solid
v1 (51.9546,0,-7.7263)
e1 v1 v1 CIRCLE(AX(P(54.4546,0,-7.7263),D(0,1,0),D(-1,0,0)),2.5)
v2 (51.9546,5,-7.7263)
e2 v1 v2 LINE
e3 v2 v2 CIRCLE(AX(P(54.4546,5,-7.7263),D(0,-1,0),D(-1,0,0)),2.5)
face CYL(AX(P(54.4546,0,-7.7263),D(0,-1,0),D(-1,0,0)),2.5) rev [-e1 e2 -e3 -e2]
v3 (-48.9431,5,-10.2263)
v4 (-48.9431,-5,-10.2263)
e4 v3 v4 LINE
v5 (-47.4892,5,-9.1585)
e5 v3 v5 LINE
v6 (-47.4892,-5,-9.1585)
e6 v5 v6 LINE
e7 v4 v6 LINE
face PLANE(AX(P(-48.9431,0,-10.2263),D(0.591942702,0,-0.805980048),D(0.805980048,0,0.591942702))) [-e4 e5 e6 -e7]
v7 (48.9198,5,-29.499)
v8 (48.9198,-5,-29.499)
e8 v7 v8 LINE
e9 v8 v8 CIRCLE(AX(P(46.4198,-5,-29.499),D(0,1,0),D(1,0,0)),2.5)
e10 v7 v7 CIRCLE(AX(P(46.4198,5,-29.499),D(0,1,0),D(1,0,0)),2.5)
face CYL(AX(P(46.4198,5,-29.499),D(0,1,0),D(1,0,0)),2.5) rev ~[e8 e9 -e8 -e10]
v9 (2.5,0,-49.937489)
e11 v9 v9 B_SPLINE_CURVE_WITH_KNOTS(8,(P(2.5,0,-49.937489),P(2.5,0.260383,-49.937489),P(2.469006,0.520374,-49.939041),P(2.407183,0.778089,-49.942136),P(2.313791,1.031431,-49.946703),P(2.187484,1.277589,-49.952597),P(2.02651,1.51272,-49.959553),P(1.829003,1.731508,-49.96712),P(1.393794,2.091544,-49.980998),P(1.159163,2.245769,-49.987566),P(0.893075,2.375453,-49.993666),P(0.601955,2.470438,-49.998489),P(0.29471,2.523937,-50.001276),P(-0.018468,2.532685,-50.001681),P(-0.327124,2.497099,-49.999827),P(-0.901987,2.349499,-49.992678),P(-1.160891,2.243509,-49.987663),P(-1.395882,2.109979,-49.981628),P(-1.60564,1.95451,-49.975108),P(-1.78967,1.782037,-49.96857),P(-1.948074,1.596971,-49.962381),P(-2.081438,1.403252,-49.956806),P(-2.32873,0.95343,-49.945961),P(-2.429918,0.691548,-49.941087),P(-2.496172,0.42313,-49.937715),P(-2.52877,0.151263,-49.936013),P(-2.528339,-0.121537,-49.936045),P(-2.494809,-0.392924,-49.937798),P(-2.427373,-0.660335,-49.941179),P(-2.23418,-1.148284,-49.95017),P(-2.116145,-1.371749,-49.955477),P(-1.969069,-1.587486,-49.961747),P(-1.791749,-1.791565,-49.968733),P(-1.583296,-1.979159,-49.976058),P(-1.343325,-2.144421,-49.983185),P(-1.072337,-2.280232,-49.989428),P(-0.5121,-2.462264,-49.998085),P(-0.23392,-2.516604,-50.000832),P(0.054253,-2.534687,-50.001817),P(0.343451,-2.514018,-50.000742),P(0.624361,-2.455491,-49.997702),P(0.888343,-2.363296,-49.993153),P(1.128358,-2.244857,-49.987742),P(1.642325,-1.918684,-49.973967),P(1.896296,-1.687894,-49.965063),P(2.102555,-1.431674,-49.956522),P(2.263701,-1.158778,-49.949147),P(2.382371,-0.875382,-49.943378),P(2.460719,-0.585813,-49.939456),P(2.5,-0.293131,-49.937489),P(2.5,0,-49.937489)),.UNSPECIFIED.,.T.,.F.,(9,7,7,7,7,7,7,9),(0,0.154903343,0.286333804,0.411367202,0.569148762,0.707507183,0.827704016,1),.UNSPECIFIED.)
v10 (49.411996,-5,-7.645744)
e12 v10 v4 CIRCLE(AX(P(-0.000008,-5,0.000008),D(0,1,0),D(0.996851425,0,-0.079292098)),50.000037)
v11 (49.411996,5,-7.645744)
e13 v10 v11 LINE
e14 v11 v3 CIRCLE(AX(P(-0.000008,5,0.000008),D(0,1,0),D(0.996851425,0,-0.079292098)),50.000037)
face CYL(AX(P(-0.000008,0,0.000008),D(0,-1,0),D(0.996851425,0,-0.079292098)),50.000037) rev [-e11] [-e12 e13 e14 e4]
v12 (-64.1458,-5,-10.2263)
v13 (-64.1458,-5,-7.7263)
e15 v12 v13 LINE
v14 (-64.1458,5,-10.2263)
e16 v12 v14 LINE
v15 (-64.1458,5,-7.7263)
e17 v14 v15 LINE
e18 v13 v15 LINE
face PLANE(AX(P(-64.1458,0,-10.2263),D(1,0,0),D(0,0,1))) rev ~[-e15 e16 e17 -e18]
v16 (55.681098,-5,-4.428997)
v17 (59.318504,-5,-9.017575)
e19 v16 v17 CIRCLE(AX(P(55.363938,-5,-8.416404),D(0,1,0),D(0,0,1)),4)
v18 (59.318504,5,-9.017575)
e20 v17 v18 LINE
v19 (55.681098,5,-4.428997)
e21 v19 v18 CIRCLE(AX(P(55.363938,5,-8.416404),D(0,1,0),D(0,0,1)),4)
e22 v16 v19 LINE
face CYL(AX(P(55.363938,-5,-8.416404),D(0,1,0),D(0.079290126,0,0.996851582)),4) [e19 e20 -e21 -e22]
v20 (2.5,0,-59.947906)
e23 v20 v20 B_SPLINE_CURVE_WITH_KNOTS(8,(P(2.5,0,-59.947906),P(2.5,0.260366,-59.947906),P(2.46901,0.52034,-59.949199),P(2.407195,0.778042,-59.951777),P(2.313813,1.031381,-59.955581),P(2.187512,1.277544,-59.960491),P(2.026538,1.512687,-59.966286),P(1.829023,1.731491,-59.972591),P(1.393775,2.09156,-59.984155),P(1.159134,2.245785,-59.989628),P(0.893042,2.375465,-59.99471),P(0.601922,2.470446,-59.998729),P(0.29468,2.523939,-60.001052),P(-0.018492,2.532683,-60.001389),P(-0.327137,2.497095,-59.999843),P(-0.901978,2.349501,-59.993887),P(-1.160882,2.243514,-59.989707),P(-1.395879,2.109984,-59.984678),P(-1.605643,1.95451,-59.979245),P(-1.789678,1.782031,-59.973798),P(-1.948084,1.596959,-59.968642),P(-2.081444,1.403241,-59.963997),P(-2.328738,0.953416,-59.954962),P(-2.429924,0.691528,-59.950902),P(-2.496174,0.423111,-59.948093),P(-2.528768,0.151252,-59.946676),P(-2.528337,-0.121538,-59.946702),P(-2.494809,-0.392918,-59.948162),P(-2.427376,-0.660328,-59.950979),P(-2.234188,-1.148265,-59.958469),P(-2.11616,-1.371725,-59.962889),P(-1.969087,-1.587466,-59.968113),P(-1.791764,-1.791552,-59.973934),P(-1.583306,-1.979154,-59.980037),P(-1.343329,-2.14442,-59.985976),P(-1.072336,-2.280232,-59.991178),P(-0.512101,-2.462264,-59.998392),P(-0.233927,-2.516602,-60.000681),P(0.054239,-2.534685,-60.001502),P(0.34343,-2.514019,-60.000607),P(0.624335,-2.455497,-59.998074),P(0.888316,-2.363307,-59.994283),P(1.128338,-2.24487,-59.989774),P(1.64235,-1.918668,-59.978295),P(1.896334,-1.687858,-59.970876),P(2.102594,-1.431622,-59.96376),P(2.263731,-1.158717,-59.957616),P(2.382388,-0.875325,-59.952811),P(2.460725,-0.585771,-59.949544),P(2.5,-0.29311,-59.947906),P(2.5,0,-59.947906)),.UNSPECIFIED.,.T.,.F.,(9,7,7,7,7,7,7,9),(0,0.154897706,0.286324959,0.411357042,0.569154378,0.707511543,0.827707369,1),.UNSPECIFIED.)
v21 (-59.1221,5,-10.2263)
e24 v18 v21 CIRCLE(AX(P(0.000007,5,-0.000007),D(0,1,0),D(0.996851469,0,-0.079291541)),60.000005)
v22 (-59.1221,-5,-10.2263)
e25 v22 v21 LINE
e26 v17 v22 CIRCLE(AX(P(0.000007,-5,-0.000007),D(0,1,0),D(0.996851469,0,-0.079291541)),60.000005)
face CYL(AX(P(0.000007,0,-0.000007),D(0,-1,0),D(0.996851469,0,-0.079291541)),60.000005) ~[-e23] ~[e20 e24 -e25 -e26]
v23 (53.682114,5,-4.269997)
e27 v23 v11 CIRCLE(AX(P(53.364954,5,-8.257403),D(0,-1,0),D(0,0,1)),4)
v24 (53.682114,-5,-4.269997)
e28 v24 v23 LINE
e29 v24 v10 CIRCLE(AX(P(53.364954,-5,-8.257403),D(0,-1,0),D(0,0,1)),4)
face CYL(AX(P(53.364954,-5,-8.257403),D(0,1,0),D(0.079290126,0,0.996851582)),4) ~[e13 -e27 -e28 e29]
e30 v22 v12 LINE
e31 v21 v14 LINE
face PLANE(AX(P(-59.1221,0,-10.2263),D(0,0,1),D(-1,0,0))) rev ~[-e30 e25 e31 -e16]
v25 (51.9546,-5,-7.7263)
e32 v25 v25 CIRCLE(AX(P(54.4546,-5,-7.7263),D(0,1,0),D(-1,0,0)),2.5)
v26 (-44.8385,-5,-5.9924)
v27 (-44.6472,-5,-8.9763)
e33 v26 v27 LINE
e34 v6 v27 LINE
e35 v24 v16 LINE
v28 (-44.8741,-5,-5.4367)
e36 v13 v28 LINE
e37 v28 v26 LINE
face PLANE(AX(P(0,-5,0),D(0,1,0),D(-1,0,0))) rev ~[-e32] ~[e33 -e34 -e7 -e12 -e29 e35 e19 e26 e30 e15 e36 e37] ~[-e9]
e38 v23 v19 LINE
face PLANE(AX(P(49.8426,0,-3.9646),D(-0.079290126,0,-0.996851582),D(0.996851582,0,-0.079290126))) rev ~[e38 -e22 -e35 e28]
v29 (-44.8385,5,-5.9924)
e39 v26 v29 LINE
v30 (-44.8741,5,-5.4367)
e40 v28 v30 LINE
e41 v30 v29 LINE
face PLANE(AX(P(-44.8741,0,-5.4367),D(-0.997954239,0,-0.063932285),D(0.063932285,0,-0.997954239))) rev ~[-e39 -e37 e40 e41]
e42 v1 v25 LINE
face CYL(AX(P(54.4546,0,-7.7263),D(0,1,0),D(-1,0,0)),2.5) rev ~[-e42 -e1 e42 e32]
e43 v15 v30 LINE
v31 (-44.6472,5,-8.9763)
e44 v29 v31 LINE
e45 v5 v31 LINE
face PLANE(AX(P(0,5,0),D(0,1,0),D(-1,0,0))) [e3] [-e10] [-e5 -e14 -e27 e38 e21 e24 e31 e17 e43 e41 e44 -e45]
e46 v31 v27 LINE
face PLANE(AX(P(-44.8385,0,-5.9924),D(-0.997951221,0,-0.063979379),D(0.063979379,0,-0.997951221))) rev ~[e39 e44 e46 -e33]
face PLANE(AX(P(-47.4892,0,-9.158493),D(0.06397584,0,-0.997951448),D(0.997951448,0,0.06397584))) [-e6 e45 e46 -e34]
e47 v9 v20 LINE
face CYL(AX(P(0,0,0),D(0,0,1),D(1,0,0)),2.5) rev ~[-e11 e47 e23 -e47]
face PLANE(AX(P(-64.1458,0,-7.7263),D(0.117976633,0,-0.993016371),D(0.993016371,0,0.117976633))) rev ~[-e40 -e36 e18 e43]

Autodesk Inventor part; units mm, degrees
ref_plane "YZ Plane" through (0, 0, 0) normal (1, 0, 0) x (0, 1, 0)
ref_plane "XZ Plane" through (0, 0, 0) normal (0, 1, 0) x (-1, 0, 0)
ref_plane "XY Plane" through (0, 0, 0) normal (0, 0, 1) x (1, 0, 0)
sketch "Schizzo1" plane through (0, 0, 0) normal (0, 1, 0) x (-1, 0, 0)
  arc A0 (-49.8426, -3.9646) -> (48.9431, -10.2263) centre (0, 0) ccw
  arc A1 (-59.8111, -4.7575) -> (59.1221, -10.2263) centre (0, 0) ccw
  circle A2 centre (-54.4546, -7.7263) radius 2.5
  line L0 (-49.8426, -3.9646) -> (-59.8111, -4.7575)
  line L1 (59.1221, -10.2263) -> (64.1458, -10.2263)
  line L2 (64.1458, -10.2263) -> (64.1458, -7.7263)
  line L3 (64.1458, -10.2263) -> (44.6472, -8.9763)
  line L4 (48.9431, -10.2263) -> (47.4892, -9.1585)
  line L5 (44.8385, -5.9924) -> (44.6472, -8.9763)
  line L6 (64.1458, -7.7263) -> (44.8741, -5.4367)
  line L7 (44.8741, -5.4367) -> (44.8385, -5.9924)
  dimension "d0" = 100
  dimension "d6" = 5
  dimension "d8" = 2.5
  dimension "d9" = 2.5
extrude "Estrusione1" add sketch "Schizzo1" along normal mid plane 10 contours A0 L4 L3 L1 A1 L0 | L3 L5 L7 L6 L2 | A2
extrude "Estrusione2" cut sketch "Schizzo1" along normal through all both and the other way through all contours A2
fillet "Raccordo3" radius 4 1 edges at (59.8111, 0, -4.7575)
fillet "Raccordo4" radius 4 1 edges at (49.8426, 0, -3.9646)
sketch "Schizzo2" plane through (0, 5, 0) normal (0, 1, 0) x (1, 0, 0)
  circle A0 centre (46.4198, 29.499) radius 2.5
  circle A1 centre (54.4546, 7.7263) radius 2.5 projected
  arc A2 (49.412, 7.6457) -> (-48.9431, 10.2263) centre (0, 0) ccw projected
  line L0 (42.1413, 26.9094) -> (50.6984, 32.0886) construction
  arc A3 (59.3185, 9.0175) -> (-59.1221, 10.2263) centre (0, 0) ccw projected
  point P0 (-49.51, 6.9828)
  point P1 (-59.5579, 7.2704)
  point P2 (-60, 0)
  point P3 (-50, 0)
  dimension "d19" = 29.499
  dimension "d20" = 24.2008
extrude "Estrusione3" cut sketch "Schizzo2" against normal blind 10 contours A0
sketch "Schizzo4" plane through (0, 0, 0) normal (0, 0, 1) x (1, 0, 0)
  circle A0 centre (0, 0) radius 2.5
  dimension "d28" = 5
extrude "Estrusione5" cut sketch "Schizzo4" against normal through all
properties part number "ganascia"
